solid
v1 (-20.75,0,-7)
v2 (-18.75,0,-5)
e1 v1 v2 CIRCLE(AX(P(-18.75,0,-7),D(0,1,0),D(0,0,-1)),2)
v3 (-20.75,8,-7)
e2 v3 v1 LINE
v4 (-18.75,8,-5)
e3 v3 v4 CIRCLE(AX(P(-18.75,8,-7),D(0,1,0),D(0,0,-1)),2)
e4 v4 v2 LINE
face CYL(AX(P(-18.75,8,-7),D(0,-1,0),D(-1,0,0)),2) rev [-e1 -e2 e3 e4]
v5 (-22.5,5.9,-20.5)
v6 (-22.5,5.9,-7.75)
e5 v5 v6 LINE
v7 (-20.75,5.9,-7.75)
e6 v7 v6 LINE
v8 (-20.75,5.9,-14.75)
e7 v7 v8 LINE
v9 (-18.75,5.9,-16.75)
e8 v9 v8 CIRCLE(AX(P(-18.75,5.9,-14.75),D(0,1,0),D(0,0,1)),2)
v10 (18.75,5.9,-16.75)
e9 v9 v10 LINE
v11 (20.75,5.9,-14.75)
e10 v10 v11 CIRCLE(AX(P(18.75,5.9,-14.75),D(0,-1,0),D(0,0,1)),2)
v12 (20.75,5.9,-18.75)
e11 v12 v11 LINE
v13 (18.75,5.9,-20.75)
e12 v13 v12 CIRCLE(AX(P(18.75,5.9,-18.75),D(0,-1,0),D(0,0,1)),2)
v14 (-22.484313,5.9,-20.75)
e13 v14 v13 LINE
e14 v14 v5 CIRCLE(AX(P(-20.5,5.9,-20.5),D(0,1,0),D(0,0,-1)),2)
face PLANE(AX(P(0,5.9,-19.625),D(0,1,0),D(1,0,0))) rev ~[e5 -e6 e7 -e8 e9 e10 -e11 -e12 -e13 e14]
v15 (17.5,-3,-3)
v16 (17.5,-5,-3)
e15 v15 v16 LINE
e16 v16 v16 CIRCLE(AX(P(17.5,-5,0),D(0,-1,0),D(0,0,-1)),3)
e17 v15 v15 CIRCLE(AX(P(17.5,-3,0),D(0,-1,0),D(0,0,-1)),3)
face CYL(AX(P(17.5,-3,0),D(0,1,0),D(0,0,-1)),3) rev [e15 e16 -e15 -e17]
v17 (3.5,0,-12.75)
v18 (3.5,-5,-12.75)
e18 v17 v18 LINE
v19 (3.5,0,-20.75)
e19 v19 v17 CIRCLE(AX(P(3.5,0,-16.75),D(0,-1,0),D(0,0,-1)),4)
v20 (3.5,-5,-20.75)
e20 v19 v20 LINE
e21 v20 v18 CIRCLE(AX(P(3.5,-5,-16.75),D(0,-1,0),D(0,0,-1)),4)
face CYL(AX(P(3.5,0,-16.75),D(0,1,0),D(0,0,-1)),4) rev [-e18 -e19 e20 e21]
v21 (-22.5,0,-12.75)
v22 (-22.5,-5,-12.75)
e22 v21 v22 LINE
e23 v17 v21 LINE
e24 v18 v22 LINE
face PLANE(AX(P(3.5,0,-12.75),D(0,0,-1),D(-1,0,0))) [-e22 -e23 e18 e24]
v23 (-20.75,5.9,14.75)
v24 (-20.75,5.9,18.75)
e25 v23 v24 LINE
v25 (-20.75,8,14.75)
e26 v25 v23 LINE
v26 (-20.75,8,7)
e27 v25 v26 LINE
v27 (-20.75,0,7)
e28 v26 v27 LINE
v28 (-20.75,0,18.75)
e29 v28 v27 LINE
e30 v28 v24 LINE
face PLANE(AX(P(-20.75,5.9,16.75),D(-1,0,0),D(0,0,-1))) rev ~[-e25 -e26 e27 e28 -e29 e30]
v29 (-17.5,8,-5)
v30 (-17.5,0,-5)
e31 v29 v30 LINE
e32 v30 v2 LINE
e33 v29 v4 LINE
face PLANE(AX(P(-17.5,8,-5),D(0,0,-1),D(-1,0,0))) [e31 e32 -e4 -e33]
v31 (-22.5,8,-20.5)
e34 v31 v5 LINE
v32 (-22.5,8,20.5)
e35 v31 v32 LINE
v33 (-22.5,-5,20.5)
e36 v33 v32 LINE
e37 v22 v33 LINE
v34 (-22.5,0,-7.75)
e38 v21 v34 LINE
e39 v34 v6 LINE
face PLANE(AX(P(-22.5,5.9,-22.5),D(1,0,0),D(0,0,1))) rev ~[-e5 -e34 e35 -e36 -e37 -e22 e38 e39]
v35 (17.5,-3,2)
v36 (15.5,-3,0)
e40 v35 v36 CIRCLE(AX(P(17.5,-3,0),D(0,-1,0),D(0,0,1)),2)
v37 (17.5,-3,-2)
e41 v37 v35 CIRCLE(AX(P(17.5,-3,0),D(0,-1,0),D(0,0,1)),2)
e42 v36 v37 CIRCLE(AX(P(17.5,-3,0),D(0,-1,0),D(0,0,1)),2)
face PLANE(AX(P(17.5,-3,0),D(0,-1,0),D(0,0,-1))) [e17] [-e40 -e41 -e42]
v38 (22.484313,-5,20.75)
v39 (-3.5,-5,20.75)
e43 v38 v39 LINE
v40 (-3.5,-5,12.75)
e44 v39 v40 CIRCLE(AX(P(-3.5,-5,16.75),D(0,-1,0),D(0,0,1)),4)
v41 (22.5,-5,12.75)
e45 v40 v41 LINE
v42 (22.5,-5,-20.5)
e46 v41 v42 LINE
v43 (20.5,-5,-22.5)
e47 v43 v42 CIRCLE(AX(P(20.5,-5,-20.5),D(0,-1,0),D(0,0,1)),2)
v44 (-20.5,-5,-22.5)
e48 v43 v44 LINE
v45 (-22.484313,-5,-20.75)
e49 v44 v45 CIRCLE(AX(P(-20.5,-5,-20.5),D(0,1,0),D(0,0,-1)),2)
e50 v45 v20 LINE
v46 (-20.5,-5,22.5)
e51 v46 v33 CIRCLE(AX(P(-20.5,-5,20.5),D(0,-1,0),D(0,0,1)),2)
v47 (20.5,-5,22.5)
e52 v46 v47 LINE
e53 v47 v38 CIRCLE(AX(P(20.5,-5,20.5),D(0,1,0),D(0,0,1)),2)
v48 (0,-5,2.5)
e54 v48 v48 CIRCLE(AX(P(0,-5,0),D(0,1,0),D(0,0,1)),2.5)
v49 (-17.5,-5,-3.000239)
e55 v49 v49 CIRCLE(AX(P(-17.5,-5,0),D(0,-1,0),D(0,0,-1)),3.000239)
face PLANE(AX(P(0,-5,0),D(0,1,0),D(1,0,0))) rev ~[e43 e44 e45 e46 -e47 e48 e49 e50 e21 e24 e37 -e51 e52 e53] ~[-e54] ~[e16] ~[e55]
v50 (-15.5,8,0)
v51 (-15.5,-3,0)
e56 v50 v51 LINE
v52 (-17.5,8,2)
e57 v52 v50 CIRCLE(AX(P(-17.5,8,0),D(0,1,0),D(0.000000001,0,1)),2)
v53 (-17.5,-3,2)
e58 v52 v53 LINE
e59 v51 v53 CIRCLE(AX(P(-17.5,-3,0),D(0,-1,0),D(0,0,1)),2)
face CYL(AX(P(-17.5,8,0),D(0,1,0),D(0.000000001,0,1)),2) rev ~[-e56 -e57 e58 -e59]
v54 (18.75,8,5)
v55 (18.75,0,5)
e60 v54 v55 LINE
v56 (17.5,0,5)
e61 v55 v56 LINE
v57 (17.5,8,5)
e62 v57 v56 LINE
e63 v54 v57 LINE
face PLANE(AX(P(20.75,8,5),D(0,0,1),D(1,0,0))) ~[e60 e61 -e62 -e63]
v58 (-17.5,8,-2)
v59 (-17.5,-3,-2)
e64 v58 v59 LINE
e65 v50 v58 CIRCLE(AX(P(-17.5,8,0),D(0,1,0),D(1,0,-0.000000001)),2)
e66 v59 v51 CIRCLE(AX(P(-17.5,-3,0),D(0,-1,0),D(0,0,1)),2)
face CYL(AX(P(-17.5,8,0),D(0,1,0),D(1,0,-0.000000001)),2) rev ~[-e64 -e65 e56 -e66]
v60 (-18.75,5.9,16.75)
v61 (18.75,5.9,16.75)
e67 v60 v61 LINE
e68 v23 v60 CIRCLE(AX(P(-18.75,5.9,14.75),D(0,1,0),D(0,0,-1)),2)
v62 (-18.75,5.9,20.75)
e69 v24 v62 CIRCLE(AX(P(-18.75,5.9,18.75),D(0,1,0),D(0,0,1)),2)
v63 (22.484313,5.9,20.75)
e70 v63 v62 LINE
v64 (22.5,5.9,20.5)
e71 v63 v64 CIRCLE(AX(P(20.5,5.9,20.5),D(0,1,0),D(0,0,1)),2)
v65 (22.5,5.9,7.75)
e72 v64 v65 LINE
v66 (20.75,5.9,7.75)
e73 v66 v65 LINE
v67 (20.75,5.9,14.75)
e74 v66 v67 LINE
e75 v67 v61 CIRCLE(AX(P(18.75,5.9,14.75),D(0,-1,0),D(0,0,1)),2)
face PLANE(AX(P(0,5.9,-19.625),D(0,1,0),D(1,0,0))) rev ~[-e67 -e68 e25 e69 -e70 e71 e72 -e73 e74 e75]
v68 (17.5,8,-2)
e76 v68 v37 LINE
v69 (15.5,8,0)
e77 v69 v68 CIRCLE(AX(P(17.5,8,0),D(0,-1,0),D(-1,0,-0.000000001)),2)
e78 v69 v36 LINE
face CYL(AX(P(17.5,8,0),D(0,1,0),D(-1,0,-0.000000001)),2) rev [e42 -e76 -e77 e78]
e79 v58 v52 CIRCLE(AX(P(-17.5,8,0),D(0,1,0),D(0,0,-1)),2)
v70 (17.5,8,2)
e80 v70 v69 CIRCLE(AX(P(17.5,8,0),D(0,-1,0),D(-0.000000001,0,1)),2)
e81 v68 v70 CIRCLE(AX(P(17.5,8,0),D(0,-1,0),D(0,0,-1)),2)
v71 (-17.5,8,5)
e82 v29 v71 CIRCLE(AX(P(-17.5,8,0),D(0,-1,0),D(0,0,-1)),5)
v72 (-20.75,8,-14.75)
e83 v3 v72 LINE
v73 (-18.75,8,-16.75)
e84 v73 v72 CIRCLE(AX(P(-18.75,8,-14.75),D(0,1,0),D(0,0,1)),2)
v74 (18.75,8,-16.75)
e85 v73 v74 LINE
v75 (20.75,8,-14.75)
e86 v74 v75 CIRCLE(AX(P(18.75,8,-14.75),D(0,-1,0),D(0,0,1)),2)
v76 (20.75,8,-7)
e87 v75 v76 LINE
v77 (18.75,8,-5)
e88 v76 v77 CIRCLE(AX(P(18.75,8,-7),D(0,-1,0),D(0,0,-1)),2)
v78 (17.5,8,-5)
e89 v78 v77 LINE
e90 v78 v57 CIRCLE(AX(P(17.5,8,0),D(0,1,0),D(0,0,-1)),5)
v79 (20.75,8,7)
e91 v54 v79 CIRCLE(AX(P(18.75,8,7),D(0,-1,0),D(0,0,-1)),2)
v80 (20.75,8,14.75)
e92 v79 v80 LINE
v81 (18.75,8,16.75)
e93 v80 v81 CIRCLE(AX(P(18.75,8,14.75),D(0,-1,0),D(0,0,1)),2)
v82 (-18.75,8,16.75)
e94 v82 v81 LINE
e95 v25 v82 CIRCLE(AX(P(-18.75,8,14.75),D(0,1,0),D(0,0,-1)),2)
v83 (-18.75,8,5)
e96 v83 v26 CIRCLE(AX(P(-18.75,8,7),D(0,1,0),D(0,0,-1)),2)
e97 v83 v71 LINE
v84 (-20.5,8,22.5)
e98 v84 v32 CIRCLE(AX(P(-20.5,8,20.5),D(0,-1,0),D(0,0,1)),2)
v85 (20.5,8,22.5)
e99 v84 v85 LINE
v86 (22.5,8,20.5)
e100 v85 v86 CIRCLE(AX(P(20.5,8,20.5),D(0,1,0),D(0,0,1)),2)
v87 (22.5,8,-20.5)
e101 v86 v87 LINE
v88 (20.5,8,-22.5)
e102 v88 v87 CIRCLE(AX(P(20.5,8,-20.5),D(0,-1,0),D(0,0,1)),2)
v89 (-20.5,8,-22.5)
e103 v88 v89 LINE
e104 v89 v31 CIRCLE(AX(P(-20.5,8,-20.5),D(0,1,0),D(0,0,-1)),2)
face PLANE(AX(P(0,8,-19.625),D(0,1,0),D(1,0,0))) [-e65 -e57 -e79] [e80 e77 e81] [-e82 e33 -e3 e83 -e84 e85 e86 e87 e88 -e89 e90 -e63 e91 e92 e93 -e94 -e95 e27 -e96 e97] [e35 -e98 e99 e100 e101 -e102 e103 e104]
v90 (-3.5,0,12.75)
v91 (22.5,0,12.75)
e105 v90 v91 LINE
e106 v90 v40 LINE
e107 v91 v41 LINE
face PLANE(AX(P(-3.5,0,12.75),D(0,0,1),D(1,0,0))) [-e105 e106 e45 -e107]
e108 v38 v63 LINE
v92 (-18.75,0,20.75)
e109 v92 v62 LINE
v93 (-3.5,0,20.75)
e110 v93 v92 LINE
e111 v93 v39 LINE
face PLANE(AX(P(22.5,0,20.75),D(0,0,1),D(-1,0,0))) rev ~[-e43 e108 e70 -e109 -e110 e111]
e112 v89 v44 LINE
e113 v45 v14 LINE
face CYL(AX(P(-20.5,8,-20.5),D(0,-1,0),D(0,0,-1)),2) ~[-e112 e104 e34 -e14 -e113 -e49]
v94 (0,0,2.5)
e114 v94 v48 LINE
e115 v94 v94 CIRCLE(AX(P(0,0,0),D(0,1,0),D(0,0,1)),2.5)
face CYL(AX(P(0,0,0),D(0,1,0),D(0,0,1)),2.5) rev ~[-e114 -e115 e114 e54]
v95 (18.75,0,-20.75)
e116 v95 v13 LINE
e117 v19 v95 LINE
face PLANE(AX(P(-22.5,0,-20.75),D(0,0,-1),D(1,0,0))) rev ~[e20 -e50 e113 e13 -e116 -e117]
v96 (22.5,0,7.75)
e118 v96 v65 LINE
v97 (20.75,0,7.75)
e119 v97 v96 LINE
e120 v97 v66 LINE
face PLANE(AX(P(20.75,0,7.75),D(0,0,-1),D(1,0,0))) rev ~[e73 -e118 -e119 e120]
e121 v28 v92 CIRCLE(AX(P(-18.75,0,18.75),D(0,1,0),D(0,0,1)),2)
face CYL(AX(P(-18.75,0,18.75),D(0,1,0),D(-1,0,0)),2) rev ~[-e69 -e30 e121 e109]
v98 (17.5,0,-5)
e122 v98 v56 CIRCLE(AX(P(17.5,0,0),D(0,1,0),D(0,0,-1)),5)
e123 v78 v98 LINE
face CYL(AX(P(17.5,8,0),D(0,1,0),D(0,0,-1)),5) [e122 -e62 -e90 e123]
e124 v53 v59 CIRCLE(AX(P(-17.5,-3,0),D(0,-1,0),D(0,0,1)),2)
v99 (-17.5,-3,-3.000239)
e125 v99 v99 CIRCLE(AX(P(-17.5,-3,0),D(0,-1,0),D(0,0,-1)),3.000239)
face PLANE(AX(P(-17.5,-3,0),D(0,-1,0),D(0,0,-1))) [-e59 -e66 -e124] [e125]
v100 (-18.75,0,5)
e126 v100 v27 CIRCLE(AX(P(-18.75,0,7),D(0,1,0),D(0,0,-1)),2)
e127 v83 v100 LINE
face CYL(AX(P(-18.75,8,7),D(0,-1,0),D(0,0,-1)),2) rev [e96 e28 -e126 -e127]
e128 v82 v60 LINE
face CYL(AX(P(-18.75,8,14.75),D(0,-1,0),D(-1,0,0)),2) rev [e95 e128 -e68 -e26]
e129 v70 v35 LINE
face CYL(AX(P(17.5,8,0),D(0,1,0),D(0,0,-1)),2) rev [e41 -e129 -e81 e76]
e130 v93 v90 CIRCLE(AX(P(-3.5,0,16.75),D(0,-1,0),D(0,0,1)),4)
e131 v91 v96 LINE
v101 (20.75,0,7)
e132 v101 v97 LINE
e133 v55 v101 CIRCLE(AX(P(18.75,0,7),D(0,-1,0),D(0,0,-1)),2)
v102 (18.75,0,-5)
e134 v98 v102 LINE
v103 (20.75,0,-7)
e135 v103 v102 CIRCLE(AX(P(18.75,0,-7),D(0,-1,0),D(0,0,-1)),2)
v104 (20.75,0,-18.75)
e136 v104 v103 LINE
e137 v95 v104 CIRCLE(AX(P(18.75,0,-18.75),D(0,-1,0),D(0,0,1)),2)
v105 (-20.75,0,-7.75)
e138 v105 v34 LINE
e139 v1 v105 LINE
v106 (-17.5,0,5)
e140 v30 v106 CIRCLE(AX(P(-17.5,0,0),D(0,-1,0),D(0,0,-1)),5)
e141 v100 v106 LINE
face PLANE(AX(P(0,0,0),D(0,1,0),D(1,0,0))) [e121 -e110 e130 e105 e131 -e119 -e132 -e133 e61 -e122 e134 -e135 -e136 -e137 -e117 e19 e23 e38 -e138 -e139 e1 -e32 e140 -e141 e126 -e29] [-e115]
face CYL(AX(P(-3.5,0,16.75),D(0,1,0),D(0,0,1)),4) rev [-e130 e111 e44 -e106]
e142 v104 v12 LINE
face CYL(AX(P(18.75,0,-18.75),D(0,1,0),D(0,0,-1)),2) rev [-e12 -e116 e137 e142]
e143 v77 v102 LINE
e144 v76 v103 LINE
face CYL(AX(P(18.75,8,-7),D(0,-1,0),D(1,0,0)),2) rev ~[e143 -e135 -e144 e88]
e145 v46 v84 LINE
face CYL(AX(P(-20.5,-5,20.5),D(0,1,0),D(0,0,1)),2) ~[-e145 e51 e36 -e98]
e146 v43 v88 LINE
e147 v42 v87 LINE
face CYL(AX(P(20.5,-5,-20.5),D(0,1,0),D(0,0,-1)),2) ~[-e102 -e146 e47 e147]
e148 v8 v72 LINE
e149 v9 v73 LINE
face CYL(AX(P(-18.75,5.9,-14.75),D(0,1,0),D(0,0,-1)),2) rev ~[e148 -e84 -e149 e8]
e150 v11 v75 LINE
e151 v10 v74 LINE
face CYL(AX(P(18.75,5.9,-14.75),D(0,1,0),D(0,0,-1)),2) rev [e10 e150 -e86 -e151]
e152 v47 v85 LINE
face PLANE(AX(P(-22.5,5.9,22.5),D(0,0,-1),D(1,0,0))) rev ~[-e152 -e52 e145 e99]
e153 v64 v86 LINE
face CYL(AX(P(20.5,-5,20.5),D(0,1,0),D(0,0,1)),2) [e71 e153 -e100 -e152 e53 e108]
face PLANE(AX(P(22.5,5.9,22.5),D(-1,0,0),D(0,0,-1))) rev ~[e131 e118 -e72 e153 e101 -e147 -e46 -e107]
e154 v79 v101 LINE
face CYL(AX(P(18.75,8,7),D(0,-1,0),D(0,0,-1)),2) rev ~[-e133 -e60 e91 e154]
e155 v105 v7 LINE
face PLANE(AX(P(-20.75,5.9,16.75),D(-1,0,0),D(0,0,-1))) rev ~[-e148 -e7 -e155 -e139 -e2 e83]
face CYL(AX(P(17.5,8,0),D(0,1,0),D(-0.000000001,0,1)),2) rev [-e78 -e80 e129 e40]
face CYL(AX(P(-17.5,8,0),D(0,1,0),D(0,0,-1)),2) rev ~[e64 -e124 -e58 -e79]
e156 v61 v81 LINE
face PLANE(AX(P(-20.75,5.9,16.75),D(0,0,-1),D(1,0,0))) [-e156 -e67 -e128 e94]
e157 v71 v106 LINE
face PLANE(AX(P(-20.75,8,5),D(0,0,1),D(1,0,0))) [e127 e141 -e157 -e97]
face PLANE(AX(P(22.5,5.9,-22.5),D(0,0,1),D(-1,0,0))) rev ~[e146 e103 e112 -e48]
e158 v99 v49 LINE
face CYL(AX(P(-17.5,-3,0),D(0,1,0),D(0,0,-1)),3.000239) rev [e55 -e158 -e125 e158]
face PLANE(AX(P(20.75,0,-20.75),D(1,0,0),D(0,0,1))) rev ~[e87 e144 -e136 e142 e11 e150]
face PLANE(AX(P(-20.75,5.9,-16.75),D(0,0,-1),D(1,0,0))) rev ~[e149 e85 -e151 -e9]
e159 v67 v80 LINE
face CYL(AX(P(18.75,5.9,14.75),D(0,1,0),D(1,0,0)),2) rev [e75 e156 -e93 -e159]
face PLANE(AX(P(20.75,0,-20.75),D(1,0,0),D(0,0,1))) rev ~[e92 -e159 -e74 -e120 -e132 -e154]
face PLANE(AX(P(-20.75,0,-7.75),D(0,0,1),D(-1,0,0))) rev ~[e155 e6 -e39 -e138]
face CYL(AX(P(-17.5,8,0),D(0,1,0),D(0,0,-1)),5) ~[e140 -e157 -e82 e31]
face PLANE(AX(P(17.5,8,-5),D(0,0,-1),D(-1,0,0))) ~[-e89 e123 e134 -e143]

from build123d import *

# Parameters (mm, degrees)
CROQUIS1_R                   = 2.5
SALIENTE_EXTRUIR1_DEPTH      = 5
SALIENTE_EXTRUIR2_DEPTH      = 6
SALIENTE_EXTRUIR5_DEPTH      = 2
SALIENTE_EXTRUIR5_DEPTH_BACK = 0.1
CROQUIS2_W                   = 41.5
CROQUIS2_H                   = 5.75
CROQUIS2_H_2                 = 4
CROQUIS2_H_3                 = 1.75
CROQUIS2_W_2                 = 1.75
CROQUIS3_R                   = 2
SALIENTE_EXTRUIR6_DEPTH      = 8
CORTAR_EXTRUIR1_REACH        = 36.373
CORTAR_EXTRUIR2_START        = -2
CROQUIS4_R                   = 3.000239327
CROQUIS4_R_2                 = 2
CROQUIS4_R_3                 = 3
CORTAR_EXTRUIR2_DEPTH        = 2
REDONDEO1_R                  = 2
REDONDEO2_R                  = 2


with BuildPart() as part:
    # Croquis1 → Saliente-Extruir1 (new body)
    with BuildSketch(Plane(origin=(0, 0, 0), x_dir=(1, 0, 0), z_dir=(0, 1, 0))):
        with BuildLine():
            Line((-22.5, -22.5), (22.5, -22.5))
            Line((22.5, -22.5), (22.5, -20.75))
            Line((22.5, -20.75), (-3.5, -20.75))
            ThreePointArc((-3.5, -20.75), (-7.5, -16.75), (-3.5, -12.75))
            Line((-3.5, -12.75), (22.5, -12.75))
            Line((22.5, -12.75), (22.5, 22.5))
            Line((22.5, 22.5), (-22.5, 22.5))
            Line((-22.5, 22.5), (-22.5, 20.75))
            Line((-22.5, 20.75), (3.5, 20.75))
            ThreePointArc((3.5, 20.75), (7.5, 16.75), (3.5, 12.75))
            Line((3.5, 12.75), (-22.5, 12.75))
            Line((-22.5, 12.75), (-22.5, -22.5))
        make_face()
        with Locations(Location((0, 0, 0), (0, 0, 270))):
            Circle(CROQUIS1_R, mode=Mode.SUBTRACT)
    extrude(amount=-SALIENTE_EXTRUIR1_DEPTH)

    # Croquis1<3> → Saliente-Extruir2 (add)
    with BuildSketch(Plane(origin=(0, 0, 0), x_dir=(1, 0, 0), z_dir=(0, 1, 0))):
        Polygon((-22.5, 7.75), (-22.5, -22.5), (22.5, -22.5), (22.5, -20.75), (-3.5, -20.75), (-20.75, -20.75), (-20.75, 7.75), align=None)
        Polygon((-22.5, 22.5), (-22.5, 20.75), (3.5, 20.75), (20.75, 20.75), (20.75, -7.75), (22.5, -7.75), (22.5, 22.5), align=None)
    extrude(amount=SALIENTE_EXTRUIR2_DEPTH)

    # Croquis2 → Saliente-Extruir5 (add, two sides: drawn at the far end of the back side and taken through both)
    with BuildSketch(Plane(origin=(0, 6, 0), x_dir=(1, 0, 0), z_dir=(0, 1, 0)).offset(-SALIENTE_EXTRUIR5_DEPTH_BACK)):
        with Locations((0, 19.625)):
            Rectangle(CROQUIS2_W, CROQUIS2_H)
        Polygon((-20.75, 22.5), (-22.5, 22.5), (-22.5, 7.75), (-20.75, 7.75), (-20.75, 16.75), align=None)
        with Locations((0, -18.75)):
            Rectangle(CROQUIS2_W, CROQUIS2_H_2)
        with Locations((0, -21.625)):
            Rectangle(CROQUIS2_W, CROQUIS2_H_3)
        Polygon((-20.75, 7.75), (-22.5, 7.75), (-22.5, -22.5), (-20.75, -22.5), (-20.75, -20.75), (-20.75, -16.75), align=None)
        Polygon((22.5, 22.5), (20.75, 22.5), (20.75, 16.75), (20.75, -16.75), (20.75, -20.75), (22.5, -20.75), align=None)
        with Locations((21.625, -21.625)):
            Rectangle(CROQUIS2_W_2, CROQUIS2_H_3)
    extrude(amount=SALIENTE_EXTRUIR5_DEPTH + SALIENTE_EXTRUIR5_DEPTH_BACK)

    # Croquis3 → Saliente-Extruir6 (add)
    with BuildSketch(Plane(origin=(0, 8, 0), x_dir=(1, 0, 0), z_dir=(0, 1, 0))):
        with BuildLine():
            Line((-20.75, 5), (-20.75, -5))
            Line((-20.75, -5), (-17.5, -5))
            Line((-17.5, -5), (-17.5, -2))
            ThreePointArc((-17.5, -2), (-19.5, 0), (-17.5, 2))
            Line((-17.5, 2), (-17.5, 5))
            Line((-17.5, 5), (-20.75, 5))
        make_face()
        with Locations((-17.5, 0)):
            Circle(CROQUIS3_R)
        with BuildLine():
            Line((-17.5, -5), (-17.5, 5))
            ThreePointArc((-17.5, 5), (-12.5, 0), (-17.5, -5))
        make_face()
        with BuildLine():
            ThreePointArc((-17.5, 2), (-19.5, 0), (-17.5, -2))
            Line((-17.5, -2), (-17.5, 2))
        make_face()
        with BuildLine():
            Line((-17.5, 2), (-17.5, -2))
            ThreePointArc((-17.5, -2), (-16.085786438, -1.414213562), (-15.5, 0))
            ThreePointArc((-15.5, 0), (-16.085786438, 1.414213562), (-17.5, 2))
        make_face()
    saliente_extruir6 = extrude(amount=-SALIENTE_EXTRUIR6_DEPTH)

    # Croquis3<3> → Cortar-Extruir1 (cut, up to next)
    with BuildSketch(Plane(origin=(0, 8, 0), x_dir=(1, 0, 0), z_dir=(0, 1, 0)), mode=Mode.PRIVATE) as cortar_extruir1_sk1:
        with BuildLine():
            ThreePointArc((-17.5, 2), (-19.5, 0), (-17.5, -2))
            Line((-17.5, -2), (-17.5, 2))
        make_face()
    cortar_extruir1_tool1 = extrude(cortar_extruir1_sk1.sketch, amount=-CORTAR_EXTRUIR1_REACH, mode=Mode.PRIVATE) & part.part
    # Croquis3<3> → Cortar-Extruir1 (cut, up to next)
    with BuildSketch(Plane(origin=(0, 8, 0), x_dir=(1, 0, 0), z_dir=(0, 1, 0)), mode=Mode.PRIVATE) as cortar_extruir1_sk2:
        with BuildLine():
            Line((-17.5, 2), (-17.5, -2))
            ThreePointArc((-17.5, -2), (-16.085786438, -1.414213562), (-15.5, 0))
            ThreePointArc((-15.5, 0), (-16.085786438, 1.414213562), (-17.5, 2))
        make_face()
    cortar_extruir1_tool2 = extrude(cortar_extruir1_sk2.sketch, amount=-CORTAR_EXTRUIR1_REACH, mode=Mode.PRIVATE) & part.part
    # Croquis3<3> → Cortar-Extruir1 (cut, up to next)
    with BuildSketch(Plane(origin=(0, 8, 0), x_dir=(1, 0, 0), z_dir=(0, 1, 0)), mode=Mode.PRIVATE) as cortar_extruir1_sk3:
        with BuildLine():
            ThreePointArc((-17.5, 2), (-19.5, 0), (-17.5, -2))
            Line((-17.5, -2), (-17.5, 2))
        make_face()
    cortar_extruir1_tool3 = extrude(cortar_extruir1_sk3.sketch, amount=-CORTAR_EXTRUIR1_REACH, mode=Mode.PRIVATE) & part.part
    # Croquis3<3> → Cortar-Extruir1 (cut, up to next)
    with BuildSketch(Plane(origin=(0, 8, 0), x_dir=(1, 0, 0), z_dir=(0, 1, 0)), mode=Mode.PRIVATE) as cortar_extruir1_sk4:
        with BuildLine():
            Line((-17.5, 2), (-17.5, -2))
            ThreePointArc((-17.5, -2), (-16.085786438, -1.414213562), (-15.5, 0))
            ThreePointArc((-15.5, 0), (-16.085786438, 1.414213562), (-17.5, 2))
        make_face()
    cortar_extruir1_tool4 = extrude(cortar_extruir1_sk4.sketch, amount=-CORTAR_EXTRUIR1_REACH, mode=Mode.PRIVATE) & part.part
    cortar_extruir1_1 = cortar_extruir1_tool1.solids().sort_by_distance((-18.348826, 8, 0))[0]
    add(cortar_extruir1_1, mode=Mode.SUBTRACT)
    cortar_extruir1_2 = cortar_extruir1_tool2.solids().sort_by_distance((-16.651174, 8, 0))[0]
    add(cortar_extruir1_2, mode=Mode.SUBTRACT)
    cortar_extruir1_3 = cortar_extruir1_tool3.solids().sort_by_distance((-18.348826, 8, 0))[0]
    add(cortar_extruir1_3, mode=Mode.SUBTRACT)
    cortar_extruir1_4 = cortar_extruir1_tool4.solids().sort_by_distance((-16.651174, 8, 0))[0]
    add(cortar_extruir1_4, mode=Mode.SUBTRACT)
    cortar_extruir1 = cortar_extruir1_1 + cortar_extruir1_2 + cortar_extruir1_3 + cortar_extruir1_4  # Cortar-Extruir1 as one shape, for the pattern or mirror that repeats it

    # Simetría1: Saliente-Extruir6, Cortar-Extruir1 across plane
    add(saliente_extruir6.mirror(Plane(origin=(0, 0, 0), x_dir=(0, 0, 1), z_dir=(1, 0, 0))))
    add(cortar_extruir1.mirror(Plane(origin=(0, 0, 0), x_dir=(0, 0, 1), z_dir=(1, 0, 0))), mode=Mode.SUBTRACT)

    # Croquis4 → Cortar-Extruir2 (cut)
    # profile 1 of 2: a face of its own
    with BuildSketch(Plane.XZ.offset(5).offset(CORTAR_EXTRUIR2_START)):
        with Locations(Location((-17.5, 0, 0), (0, 0, 270))):
            Circle(CROQUIS4_R)
        with Locations(Location((-17.5, 0, 0), (0, 0, 90))):
            Circle(CROQUIS4_R_2, mode=Mode.SUBTRACT)
    # profile 2 of 2: a face of its own
    with BuildSketch(Plane.XZ.offset(5).offset(CORTAR_EXTRUIR2_START)):
        with Locations(Location((17.5, 0, 0), (0, 0, 270))):
            Circle(CROQUIS4_R_3)
        with Locations(Location((17.5, 0, 0), (0, 0, 90))):
            Circle(CROQUIS4_R_2, mode=Mode.SUBTRACT)
    extrude(amount=CORTAR_EXTRUIR2_DEPTH, mode=Mode.SUBTRACT)

    # Redondeo1
    redondeo1_edges = [part.edges().sort_by_distance(p)[0] for p in [
        (20.75, 6.95, 16.75),
        (-20.75, 6.95, 16.75),
        (20.75, 6.95, -16.75),
        (-20.75, 4, -5),
        (-20.75, 4, 5),
        (20.75, 4, 5),
        (20.75, 4, -5),
        (-20.75, 6.95, -16.75),
    ]]
    fillet(redondeo1_edges, radius=REDONDEO1_R)

    # Redondeo2
    redondeo2_edges = [part.edges().sort_by_distance(p)[0] for p in [
        (-22.5, 1.5, -22.5),
        (22.5, 1.5, -22.5),
        (-22.5, 1.5, 22.5),
        (22.5, 1.5, 22.5),
        (20.75, 2.95, -20.75),
        (-20.75, 2.95, 20.75),
    ]]
    fillet(redondeo2_edges, radius=REDONDEO2_R)


solid = part.part
